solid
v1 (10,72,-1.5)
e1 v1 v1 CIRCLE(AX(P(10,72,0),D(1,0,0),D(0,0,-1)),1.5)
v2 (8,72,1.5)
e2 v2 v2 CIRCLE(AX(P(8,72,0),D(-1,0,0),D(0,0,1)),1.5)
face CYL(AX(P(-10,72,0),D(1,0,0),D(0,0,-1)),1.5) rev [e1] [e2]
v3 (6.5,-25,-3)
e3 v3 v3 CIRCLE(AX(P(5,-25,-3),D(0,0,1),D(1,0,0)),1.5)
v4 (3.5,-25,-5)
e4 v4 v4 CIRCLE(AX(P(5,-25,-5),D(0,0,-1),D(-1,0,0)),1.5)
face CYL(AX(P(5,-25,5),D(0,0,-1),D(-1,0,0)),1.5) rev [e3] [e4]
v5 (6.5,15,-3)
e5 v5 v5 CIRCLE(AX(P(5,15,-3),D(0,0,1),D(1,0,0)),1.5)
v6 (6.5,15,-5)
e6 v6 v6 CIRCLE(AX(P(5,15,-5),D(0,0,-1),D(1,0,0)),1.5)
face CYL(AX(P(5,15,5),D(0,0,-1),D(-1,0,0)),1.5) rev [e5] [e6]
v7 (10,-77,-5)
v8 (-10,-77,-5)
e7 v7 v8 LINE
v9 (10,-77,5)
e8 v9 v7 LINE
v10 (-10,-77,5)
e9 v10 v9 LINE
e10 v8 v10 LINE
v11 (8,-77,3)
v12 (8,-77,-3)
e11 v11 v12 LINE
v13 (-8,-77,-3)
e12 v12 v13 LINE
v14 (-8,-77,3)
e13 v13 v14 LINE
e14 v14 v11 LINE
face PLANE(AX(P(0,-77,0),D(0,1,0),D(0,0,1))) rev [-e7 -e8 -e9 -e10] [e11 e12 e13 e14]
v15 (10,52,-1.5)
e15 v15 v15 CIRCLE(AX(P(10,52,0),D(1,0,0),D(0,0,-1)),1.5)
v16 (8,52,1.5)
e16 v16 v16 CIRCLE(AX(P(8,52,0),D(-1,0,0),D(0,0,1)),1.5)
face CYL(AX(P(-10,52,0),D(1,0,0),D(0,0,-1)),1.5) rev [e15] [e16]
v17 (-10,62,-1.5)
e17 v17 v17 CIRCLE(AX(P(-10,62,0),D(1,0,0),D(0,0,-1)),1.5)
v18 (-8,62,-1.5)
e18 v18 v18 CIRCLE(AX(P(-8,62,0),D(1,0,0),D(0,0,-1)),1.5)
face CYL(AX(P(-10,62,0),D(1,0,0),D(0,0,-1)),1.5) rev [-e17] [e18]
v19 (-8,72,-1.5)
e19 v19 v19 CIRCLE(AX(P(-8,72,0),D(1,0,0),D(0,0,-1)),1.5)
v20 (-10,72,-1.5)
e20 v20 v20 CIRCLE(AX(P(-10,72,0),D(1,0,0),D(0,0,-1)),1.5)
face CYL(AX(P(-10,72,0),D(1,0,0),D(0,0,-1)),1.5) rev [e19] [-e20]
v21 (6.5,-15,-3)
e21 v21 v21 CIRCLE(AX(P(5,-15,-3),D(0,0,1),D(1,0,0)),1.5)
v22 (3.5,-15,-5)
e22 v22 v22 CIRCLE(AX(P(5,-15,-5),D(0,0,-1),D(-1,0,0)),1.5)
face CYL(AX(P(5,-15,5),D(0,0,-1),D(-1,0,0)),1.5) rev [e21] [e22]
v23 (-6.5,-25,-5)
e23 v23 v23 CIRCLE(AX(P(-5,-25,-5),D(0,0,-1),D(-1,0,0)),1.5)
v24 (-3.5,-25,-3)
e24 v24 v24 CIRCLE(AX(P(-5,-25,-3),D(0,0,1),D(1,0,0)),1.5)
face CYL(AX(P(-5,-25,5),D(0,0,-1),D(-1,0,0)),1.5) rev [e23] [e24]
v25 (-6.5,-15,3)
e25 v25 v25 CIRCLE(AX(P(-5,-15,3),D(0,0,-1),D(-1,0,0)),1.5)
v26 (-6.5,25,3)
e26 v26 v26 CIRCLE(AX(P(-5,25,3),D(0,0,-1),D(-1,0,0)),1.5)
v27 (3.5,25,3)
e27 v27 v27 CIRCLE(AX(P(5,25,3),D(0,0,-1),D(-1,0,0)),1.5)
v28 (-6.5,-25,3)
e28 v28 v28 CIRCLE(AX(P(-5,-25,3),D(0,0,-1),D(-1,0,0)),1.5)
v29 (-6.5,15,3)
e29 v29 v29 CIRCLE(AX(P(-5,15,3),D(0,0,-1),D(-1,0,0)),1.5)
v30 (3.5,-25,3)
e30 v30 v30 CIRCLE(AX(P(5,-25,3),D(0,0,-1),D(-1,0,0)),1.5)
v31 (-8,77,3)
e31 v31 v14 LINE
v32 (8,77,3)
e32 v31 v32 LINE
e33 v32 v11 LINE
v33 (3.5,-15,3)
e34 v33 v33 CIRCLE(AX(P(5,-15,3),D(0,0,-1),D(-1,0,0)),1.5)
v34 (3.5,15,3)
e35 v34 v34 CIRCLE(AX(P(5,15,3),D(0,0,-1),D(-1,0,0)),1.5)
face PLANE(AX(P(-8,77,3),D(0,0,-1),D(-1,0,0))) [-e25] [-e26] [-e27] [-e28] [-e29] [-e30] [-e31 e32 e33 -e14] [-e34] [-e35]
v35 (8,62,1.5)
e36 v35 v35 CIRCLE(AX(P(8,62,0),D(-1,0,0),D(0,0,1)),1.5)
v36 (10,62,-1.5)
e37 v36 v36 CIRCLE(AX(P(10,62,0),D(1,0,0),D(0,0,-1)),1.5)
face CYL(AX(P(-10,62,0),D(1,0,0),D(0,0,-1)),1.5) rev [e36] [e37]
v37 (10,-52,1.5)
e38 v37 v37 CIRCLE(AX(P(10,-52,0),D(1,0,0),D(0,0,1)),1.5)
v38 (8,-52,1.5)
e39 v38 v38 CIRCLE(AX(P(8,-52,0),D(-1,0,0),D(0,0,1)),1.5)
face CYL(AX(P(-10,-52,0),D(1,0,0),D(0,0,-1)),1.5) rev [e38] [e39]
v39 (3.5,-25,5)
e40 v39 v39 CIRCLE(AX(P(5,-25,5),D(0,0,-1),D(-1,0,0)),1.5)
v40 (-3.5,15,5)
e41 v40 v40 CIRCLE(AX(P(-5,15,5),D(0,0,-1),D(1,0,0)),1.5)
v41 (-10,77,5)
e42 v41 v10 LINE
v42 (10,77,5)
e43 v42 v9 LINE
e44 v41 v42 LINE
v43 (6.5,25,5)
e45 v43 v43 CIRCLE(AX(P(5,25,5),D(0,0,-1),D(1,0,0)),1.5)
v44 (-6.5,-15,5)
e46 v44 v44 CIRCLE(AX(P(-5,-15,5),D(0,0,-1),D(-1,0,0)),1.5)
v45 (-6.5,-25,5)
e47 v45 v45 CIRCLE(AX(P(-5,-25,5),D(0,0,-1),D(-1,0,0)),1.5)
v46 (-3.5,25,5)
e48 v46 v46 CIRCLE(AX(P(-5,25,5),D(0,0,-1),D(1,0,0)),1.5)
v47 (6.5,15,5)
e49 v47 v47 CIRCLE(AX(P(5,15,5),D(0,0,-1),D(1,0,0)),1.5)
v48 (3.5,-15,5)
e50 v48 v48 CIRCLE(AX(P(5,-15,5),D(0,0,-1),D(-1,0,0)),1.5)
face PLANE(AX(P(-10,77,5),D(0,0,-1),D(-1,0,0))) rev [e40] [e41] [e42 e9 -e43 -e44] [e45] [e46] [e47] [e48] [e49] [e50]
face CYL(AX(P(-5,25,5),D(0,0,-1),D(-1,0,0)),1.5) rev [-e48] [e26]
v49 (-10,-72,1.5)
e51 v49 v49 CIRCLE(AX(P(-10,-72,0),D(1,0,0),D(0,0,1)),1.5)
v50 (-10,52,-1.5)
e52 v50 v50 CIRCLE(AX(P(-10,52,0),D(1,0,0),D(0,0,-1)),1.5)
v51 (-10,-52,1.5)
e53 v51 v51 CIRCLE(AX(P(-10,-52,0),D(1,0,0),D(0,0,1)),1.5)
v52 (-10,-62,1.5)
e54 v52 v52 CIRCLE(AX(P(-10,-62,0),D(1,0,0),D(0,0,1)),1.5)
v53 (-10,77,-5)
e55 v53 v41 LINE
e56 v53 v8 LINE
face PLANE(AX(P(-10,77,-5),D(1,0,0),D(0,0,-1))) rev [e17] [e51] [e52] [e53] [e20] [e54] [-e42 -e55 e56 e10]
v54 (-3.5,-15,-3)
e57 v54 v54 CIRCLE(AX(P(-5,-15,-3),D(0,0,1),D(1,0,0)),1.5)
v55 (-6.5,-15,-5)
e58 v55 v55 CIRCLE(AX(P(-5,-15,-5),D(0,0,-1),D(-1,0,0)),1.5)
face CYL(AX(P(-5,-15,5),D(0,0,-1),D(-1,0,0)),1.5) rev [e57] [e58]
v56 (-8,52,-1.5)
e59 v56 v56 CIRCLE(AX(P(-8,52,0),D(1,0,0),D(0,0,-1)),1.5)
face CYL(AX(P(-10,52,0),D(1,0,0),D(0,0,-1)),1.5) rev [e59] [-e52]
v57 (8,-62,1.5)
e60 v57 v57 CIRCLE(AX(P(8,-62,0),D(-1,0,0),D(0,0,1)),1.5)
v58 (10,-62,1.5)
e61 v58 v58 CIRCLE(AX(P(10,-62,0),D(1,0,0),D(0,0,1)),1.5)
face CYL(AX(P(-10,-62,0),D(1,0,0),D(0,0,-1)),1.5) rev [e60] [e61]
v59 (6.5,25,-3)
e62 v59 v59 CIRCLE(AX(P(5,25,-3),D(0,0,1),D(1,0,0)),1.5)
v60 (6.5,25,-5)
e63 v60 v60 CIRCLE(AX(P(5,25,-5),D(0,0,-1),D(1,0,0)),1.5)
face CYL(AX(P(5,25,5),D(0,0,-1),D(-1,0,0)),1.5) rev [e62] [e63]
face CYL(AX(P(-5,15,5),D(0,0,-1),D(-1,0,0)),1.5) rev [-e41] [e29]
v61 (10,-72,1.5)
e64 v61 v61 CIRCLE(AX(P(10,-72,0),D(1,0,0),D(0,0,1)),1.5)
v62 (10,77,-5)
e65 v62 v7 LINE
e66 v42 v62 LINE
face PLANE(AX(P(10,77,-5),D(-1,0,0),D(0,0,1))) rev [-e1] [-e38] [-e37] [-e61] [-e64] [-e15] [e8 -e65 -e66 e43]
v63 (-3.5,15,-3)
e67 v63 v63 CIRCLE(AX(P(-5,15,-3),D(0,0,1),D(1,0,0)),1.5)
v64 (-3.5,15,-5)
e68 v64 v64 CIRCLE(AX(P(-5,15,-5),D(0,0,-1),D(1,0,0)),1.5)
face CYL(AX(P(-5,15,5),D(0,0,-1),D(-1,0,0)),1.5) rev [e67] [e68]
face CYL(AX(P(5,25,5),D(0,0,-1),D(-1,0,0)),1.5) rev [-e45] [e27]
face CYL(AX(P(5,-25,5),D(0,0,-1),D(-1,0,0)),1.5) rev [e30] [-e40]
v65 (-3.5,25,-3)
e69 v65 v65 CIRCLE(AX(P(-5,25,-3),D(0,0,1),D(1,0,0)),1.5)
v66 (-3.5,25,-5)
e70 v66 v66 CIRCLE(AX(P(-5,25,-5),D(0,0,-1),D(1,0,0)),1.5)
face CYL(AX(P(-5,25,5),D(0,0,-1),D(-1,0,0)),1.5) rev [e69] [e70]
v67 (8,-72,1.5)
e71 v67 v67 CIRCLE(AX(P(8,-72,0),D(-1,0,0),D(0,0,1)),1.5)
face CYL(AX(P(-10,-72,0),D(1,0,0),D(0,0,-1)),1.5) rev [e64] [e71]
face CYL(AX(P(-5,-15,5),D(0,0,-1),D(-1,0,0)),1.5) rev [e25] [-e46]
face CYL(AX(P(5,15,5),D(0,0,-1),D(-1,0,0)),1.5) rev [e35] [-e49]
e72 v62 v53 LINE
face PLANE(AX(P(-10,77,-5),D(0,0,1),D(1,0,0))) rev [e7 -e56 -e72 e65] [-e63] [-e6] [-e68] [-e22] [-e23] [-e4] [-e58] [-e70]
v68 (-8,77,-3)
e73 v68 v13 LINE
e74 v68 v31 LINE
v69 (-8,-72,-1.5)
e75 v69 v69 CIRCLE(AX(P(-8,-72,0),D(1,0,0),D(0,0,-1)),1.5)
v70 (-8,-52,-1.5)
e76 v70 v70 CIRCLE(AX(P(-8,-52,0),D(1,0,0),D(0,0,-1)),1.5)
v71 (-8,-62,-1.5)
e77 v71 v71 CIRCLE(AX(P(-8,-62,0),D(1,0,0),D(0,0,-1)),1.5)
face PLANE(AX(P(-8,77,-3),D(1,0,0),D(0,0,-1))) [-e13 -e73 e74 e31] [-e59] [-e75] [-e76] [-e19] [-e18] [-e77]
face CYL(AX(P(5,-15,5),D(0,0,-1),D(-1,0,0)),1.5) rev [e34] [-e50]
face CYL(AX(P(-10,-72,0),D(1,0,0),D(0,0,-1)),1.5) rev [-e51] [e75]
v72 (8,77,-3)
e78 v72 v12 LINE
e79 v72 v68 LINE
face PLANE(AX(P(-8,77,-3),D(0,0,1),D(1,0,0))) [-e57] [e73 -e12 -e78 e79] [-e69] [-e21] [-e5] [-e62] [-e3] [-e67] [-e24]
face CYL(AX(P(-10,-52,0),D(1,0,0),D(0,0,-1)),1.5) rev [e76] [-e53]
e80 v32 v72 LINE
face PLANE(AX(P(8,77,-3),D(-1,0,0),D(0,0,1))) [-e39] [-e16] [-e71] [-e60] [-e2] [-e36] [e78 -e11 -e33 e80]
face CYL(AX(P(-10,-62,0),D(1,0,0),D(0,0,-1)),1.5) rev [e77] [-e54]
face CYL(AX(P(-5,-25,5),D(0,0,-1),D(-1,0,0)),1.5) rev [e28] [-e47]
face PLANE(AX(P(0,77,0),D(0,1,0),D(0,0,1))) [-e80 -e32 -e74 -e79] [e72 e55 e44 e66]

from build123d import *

# Parameters (mm, degrees)
SKETCH_1_W          = 20
SKETCH_1_H          = 10
SKETCH_1_W_2        = 16
SKETCH_1_H_2        = 6
EXTRUDE_1_DEPTH     = 77
SKETCH_2_R          = 1.5
CUT_EXTRUDE_1_DEPTH = 80.711981534
SKETCH_3_R          = 1.5
CUT_EXTRUDE_2_DEPTH = 79.287930104


with BuildPart() as part:
    # 草图1 → 凸台-拉伸1 (new, symmetric)
    with BuildSketch(Plane(origin=(0, 0, 0), x_dir=(1, 0, 0), z_dir=(0, 1, 0))):
        Rectangle(SKETCH_1_W, SKETCH_1_H)
        Rectangle(SKETCH_1_W_2, SKETCH_1_H_2, mode=Mode.SUBTRACT)
    extrude(amount=EXTRUDE_1_DEPTH, both=True)

    # 草图2 → 切除-拉伸1 (cut, through all)
    with BuildSketch(Plane(origin=(10, 0, 0), x_dir=(0, 0, -1), z_dir=(1, 0, 0))):
        with Locations((0, 52)):
            Circle(SKETCH_2_R)
        with Locations((0, 72)):
            Circle(SKETCH_2_R)
        with Locations((0, 62)):
            Circle(SKETCH_2_R)
        with Locations((0, -72)):
            Circle(SKETCH_2_R)
        with Locations((0, -62)):
            Circle(SKETCH_2_R)
        with Locations((0, -52)):
            Circle(SKETCH_2_R)
    extrude(amount=-CUT_EXTRUDE_1_DEPTH, mode=Mode.SUBTRACT)

    # 草图3 → 切除-拉伸2 (cut, through all)
    with BuildSketch(Plane(origin=(0, 0, -5), x_dir=(-1, 0, 0), z_dir=(0, 0, -1))):
        with Locations((5, -15)):
            Circle(SKETCH_3_R)
        with Locations((-5, -15)):
            Circle(SKETCH_3_R)
        with Locations((-5, -25)):
            Circle(SKETCH_3_R)
        with Locations((5, -25)):
            Circle(SKETCH_3_R)
        with Locations((-5, 25)):
            Circle(SKETCH_3_R)
        with Locations((5, 25)):
            Circle(SKETCH_3_R)
        with Locations((5, 15)):
            Circle(SKETCH_3_R)
        with Locations((-5, 15)):
            Circle(SKETCH_3_R)
    extrude(amount=-CUT_EXTRUDE_2_DEPTH, mode=Mode.SUBTRACT)


solid = part.part
